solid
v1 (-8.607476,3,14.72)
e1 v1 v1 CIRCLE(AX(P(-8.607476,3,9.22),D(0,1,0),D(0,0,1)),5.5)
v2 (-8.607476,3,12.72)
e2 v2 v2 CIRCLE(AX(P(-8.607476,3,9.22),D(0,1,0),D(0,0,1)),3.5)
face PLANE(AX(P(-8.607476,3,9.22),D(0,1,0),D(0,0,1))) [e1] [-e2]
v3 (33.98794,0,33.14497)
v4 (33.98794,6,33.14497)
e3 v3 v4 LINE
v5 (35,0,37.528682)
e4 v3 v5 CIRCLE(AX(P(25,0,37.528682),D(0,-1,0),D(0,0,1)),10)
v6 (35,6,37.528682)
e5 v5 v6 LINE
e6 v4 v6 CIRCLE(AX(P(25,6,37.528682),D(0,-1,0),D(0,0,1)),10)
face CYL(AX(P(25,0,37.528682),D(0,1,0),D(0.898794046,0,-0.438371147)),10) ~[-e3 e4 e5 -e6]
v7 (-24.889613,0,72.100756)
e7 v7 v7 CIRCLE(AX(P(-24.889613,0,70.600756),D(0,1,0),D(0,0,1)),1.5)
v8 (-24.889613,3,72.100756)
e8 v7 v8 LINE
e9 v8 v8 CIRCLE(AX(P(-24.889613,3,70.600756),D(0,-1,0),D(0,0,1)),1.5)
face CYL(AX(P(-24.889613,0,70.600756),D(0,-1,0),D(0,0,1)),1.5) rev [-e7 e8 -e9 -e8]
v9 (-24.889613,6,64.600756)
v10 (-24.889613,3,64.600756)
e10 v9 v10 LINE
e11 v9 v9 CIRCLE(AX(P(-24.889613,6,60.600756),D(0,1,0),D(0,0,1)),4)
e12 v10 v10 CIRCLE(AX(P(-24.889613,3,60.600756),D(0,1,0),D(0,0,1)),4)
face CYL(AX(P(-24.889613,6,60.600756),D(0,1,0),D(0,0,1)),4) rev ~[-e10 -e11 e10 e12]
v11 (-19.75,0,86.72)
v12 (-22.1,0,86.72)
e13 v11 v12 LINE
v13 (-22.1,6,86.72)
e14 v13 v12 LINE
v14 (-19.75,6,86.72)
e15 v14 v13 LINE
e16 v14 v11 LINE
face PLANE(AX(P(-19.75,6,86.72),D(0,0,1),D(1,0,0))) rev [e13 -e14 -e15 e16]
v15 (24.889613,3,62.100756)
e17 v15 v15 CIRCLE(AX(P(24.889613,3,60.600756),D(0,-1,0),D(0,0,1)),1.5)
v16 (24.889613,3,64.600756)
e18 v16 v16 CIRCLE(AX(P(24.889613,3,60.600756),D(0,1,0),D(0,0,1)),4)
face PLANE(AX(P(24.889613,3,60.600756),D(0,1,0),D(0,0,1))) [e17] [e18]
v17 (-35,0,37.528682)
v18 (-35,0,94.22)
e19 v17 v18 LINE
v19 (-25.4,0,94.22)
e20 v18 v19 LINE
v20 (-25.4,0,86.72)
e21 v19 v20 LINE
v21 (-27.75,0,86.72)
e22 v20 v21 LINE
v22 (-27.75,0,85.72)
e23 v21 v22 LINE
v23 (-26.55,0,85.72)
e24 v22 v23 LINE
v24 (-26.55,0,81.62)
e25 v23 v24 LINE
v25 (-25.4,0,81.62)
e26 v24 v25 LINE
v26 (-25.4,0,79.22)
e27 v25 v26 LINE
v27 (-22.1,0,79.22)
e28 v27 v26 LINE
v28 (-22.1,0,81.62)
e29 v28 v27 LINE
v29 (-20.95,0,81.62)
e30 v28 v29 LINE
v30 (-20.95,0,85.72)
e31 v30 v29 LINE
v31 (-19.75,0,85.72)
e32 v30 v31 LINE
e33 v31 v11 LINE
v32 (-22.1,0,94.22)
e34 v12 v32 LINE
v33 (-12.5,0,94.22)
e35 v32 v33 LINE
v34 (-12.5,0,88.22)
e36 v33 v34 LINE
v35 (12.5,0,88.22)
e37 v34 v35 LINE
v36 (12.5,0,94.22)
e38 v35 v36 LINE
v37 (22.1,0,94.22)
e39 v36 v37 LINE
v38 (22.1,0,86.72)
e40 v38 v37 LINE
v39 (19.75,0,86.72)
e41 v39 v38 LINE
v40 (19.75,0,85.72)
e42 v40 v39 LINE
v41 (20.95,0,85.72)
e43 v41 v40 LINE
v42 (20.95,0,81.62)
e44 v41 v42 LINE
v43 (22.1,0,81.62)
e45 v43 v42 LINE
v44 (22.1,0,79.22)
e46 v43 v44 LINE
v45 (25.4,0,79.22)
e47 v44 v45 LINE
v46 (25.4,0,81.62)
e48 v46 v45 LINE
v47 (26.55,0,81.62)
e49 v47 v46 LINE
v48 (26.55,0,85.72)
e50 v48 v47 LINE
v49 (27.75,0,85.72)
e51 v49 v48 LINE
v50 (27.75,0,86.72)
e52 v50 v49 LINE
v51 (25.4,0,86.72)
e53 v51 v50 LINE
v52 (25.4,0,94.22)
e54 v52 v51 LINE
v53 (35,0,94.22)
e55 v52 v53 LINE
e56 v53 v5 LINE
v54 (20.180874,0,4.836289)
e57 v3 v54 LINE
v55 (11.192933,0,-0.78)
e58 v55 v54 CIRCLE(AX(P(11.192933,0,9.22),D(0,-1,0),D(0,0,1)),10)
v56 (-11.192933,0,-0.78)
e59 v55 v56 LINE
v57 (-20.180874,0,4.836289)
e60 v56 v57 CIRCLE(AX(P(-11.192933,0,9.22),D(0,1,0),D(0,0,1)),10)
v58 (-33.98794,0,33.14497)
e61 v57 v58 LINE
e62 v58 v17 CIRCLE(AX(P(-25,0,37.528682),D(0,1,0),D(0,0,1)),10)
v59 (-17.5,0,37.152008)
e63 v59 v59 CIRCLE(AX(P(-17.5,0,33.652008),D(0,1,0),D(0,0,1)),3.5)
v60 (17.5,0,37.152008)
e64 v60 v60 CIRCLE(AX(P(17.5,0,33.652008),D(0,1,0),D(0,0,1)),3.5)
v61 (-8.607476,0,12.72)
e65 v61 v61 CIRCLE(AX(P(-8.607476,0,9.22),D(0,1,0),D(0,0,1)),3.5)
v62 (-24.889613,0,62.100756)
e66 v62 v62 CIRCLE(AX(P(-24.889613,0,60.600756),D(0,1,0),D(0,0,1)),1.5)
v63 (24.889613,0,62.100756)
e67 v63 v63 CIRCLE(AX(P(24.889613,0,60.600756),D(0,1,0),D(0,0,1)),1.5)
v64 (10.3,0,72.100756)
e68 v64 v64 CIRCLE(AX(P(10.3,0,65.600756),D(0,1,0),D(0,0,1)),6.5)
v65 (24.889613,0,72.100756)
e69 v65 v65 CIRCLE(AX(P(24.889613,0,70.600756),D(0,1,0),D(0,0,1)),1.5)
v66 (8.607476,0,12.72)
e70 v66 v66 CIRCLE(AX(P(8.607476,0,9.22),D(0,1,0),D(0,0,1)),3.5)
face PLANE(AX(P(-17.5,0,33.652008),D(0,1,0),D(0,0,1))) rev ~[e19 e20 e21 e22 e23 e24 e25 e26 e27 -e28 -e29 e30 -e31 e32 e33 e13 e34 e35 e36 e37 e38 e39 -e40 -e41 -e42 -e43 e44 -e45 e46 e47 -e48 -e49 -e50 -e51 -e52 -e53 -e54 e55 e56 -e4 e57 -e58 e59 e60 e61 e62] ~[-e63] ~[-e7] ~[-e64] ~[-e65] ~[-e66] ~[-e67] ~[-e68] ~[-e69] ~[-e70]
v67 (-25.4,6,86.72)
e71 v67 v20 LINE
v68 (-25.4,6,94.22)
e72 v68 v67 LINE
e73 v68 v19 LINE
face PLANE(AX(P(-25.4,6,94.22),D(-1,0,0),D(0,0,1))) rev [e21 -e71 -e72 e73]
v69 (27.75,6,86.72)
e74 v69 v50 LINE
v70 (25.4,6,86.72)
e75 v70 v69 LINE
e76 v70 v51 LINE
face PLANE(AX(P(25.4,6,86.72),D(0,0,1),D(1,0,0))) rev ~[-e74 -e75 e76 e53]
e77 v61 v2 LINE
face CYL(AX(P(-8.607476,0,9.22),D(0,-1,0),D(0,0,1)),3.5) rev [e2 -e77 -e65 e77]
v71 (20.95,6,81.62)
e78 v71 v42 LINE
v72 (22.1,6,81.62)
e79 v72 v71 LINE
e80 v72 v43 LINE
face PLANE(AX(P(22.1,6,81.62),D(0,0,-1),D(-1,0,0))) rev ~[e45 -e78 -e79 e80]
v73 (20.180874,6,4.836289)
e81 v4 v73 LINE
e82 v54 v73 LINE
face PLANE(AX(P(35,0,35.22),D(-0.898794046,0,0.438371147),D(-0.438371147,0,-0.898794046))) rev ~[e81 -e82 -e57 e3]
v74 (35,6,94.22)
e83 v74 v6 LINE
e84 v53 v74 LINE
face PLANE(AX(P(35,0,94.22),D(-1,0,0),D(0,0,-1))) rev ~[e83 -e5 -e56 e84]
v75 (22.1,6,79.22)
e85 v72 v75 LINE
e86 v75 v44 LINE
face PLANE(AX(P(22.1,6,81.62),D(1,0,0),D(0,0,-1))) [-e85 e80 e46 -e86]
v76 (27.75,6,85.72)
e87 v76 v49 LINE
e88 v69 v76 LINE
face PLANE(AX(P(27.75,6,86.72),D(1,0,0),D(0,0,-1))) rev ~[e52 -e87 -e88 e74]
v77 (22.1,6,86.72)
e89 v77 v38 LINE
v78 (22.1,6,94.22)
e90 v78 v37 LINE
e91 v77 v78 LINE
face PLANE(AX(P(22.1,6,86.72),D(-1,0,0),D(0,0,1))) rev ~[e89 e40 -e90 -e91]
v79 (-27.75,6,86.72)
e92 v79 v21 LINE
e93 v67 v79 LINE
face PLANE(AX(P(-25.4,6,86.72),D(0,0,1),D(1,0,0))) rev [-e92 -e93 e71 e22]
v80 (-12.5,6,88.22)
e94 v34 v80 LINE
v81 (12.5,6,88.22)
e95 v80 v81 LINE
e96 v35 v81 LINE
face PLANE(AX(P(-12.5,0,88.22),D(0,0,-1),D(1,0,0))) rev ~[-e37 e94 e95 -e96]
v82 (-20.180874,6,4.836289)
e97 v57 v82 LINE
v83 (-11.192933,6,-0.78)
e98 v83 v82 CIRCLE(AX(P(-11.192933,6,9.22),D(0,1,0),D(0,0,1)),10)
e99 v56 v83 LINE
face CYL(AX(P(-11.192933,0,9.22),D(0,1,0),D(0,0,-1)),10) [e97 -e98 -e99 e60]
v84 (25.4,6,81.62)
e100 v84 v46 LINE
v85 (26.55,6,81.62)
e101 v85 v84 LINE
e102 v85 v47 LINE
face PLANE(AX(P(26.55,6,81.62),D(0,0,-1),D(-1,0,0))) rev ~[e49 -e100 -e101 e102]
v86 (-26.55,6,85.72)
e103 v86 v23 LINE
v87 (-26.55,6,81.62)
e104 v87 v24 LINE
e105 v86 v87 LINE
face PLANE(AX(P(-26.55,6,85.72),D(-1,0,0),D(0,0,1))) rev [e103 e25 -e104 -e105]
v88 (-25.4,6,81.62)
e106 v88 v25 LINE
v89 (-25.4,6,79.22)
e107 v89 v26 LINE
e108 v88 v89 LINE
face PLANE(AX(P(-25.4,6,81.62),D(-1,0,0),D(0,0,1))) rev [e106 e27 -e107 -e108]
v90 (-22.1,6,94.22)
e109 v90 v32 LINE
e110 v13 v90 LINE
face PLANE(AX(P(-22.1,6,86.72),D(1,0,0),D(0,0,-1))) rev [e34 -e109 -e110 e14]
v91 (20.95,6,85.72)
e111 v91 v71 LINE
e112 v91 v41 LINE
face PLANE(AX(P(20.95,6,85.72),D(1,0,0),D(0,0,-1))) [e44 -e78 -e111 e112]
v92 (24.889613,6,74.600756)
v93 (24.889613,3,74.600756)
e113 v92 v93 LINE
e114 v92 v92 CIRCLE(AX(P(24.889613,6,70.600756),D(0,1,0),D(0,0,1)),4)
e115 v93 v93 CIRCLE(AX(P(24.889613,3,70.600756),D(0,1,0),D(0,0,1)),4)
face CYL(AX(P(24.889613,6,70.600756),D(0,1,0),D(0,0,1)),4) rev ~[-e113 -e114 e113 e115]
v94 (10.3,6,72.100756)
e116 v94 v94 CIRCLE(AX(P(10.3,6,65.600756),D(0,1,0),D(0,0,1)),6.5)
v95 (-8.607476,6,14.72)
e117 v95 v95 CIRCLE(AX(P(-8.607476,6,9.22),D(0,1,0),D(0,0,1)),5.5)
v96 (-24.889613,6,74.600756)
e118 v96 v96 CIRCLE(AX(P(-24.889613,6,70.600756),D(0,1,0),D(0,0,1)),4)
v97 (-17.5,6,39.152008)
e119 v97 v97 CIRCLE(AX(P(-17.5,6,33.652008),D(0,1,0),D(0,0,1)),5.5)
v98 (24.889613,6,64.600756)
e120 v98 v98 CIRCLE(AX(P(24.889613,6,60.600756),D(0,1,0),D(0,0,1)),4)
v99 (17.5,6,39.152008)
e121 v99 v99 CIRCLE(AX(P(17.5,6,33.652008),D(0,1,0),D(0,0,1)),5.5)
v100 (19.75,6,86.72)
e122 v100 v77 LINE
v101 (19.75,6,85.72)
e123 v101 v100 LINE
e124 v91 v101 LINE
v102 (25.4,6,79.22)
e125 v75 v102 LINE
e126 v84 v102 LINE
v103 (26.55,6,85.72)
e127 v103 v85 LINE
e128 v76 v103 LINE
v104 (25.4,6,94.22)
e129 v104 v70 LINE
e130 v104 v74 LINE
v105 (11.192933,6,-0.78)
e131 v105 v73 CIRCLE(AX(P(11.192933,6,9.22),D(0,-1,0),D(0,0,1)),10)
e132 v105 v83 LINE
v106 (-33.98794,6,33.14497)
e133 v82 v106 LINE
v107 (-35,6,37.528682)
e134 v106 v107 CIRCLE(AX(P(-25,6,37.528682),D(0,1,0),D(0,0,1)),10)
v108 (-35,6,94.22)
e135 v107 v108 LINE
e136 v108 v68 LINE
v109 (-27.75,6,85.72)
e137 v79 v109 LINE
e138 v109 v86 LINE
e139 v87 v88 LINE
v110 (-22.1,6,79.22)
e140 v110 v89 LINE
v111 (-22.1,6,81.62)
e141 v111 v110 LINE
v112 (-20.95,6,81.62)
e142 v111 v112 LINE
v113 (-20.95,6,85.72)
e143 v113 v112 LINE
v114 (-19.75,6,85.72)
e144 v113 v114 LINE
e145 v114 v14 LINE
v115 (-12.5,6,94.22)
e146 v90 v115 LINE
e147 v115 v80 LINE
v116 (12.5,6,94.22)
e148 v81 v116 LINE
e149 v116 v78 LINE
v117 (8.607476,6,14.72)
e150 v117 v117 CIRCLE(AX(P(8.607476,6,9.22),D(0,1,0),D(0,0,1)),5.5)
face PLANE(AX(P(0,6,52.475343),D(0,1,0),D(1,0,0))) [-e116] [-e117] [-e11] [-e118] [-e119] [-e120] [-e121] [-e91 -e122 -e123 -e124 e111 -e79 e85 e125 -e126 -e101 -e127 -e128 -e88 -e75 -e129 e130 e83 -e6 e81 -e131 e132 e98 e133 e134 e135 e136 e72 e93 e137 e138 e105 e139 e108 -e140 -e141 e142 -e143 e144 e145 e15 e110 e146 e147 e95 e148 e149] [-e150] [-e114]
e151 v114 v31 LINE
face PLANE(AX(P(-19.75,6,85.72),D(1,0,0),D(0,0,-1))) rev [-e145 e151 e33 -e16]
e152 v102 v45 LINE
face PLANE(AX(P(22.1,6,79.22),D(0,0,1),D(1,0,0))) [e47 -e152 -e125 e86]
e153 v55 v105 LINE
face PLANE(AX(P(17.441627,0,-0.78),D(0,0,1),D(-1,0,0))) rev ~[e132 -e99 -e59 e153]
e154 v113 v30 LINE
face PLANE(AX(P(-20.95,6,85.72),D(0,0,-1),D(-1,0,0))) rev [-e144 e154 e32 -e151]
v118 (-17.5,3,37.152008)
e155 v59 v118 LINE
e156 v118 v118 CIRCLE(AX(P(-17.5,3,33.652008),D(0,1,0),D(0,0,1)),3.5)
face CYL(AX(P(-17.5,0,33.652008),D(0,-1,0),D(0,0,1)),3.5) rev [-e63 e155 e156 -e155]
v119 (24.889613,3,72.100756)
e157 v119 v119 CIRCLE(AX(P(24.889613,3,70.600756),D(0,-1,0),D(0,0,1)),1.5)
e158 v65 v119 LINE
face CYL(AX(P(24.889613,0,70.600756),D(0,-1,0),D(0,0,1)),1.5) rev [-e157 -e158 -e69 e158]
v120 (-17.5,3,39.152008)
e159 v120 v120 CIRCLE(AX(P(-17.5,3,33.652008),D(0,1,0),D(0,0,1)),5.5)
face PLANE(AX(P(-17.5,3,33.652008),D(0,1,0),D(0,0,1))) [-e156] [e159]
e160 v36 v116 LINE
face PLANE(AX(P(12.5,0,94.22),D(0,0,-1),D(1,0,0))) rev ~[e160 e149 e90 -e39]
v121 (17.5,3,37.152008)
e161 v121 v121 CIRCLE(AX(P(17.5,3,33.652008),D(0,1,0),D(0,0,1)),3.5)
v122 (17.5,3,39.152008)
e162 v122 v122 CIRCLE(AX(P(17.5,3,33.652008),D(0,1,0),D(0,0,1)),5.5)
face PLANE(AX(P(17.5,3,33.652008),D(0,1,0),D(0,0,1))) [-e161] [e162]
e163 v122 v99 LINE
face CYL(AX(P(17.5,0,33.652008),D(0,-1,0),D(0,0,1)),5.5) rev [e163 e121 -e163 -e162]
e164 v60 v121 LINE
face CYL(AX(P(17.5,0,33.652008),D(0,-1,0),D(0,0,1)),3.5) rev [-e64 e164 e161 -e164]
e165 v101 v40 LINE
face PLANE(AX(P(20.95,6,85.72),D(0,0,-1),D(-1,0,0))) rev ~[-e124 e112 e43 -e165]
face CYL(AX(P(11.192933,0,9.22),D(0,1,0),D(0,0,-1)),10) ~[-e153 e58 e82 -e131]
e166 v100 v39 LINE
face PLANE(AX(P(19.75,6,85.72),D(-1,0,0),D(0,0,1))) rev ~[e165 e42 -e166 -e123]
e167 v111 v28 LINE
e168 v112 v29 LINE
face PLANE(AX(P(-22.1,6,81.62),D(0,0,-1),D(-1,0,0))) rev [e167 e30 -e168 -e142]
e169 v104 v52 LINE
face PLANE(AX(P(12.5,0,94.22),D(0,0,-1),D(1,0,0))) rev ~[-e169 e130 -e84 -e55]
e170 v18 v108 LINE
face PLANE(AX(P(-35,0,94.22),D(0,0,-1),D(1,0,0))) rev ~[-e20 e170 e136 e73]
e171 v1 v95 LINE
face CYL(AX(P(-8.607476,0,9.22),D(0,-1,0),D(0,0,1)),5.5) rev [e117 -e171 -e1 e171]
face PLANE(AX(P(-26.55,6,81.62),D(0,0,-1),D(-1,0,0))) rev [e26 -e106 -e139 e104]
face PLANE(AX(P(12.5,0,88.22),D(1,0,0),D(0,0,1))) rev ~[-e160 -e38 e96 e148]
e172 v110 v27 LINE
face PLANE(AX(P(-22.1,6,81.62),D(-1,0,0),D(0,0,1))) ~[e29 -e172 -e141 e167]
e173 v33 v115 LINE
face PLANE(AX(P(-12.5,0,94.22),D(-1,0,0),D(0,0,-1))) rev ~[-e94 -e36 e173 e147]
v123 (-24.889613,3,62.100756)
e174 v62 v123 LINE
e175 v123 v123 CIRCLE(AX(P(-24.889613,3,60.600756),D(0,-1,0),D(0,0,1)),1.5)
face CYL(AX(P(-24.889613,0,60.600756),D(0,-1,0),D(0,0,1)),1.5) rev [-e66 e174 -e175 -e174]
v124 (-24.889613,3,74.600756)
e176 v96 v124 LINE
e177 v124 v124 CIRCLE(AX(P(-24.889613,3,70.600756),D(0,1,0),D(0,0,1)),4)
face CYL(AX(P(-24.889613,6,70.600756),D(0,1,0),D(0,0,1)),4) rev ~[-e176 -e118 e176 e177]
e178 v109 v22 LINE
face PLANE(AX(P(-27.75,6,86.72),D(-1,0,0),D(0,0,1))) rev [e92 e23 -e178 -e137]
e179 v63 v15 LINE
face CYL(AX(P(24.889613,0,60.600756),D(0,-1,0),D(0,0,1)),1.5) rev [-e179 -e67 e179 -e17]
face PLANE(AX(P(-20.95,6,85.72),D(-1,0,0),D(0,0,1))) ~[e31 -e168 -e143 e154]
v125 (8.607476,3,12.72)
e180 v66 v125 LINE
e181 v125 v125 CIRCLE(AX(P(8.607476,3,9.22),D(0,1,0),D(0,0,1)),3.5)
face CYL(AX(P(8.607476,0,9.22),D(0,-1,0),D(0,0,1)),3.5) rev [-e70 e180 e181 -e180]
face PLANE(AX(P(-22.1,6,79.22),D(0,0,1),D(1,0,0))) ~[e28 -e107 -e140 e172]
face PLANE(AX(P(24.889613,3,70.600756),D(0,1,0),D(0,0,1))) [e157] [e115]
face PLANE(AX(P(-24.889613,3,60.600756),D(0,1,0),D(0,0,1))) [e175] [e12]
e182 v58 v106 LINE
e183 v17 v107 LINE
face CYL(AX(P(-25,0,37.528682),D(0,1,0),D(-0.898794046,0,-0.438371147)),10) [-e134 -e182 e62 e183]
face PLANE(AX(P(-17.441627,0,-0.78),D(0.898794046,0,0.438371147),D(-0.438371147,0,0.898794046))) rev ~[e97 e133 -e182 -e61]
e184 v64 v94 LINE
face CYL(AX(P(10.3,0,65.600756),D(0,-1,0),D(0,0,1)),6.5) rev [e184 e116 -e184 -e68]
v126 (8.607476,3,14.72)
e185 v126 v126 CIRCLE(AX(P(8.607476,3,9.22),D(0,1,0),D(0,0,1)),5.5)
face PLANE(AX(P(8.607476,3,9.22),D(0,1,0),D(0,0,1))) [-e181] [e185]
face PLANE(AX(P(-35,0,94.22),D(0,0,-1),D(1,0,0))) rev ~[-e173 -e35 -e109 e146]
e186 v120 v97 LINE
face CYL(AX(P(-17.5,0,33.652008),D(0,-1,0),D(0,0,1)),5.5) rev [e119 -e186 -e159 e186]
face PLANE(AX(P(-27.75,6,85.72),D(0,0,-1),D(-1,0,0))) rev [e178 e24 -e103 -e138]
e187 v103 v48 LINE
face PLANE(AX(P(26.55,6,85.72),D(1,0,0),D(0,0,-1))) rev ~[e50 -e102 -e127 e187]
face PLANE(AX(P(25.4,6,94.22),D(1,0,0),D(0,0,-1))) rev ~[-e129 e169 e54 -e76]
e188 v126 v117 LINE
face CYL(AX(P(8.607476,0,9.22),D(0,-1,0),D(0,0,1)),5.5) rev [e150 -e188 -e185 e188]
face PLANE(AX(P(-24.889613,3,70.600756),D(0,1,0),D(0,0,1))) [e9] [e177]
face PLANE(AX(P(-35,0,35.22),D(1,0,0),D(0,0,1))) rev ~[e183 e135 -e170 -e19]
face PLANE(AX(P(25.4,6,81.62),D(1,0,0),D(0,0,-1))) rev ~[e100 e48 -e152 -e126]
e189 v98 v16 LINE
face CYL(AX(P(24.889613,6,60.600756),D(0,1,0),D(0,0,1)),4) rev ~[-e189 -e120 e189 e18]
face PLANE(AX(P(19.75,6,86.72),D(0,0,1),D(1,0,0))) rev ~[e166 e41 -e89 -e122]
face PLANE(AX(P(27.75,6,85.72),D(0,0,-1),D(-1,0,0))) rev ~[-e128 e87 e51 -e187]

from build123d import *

# Parameters (mm, degrees)
SKETCH1_R           = 1.5
SKETCH1_R_2         = 6.5
SKETCH1_R_3         = 5.5
BOSS_EXTRUDE1_DEPTH = 6
FILLET1_R           = 10
SKETCH2_R           = 4
CUT_EXTRUDE1_DEPTH  = 3
SKETCH1_3_R         = 5.5
SKETCH1_3_R_2       = 3.5
BOSS_EXTRUDE2_DEPTH = 3
CUT_EXTRUDE2_DEPTH  = 10


with BuildPart() as part:
    # Sketch1 → Boss-Extrude1 (new body)
    with BuildSketch(Plane(origin=(0, 0, 0), x_dir=(1, 0, 0), z_dir=(0, 1, 0))):
        Polygon((17.441626812, 0.78), (-17.441626812, 0.78), (-35, -35.22), (-35, -94.22), (-12.5, -94.22), (-12.5, -88.22), (12.5, -88.22), (12.5, -94.22), (35, -94.22), (35, -35.22), align=None)
        with Locations((-24.889613301, -70.60075616)):
            Circle(SKETCH1_R, mode=Mode.SUBTRACT)
        with Locations((-24.889613301, -60.60075616)):
            Circle(SKETCH1_R, mode=Mode.SUBTRACT)
        with Locations((24.889613301, -70.60075616)):
            Circle(SKETCH1_R, mode=Mode.SUBTRACT)
        with Locations((10.3, -65.60075616)):
            Circle(SKETCH1_R_2, mode=Mode.SUBTRACT)
        with Locations((24.889613301, -60.60075616)):
            Circle(SKETCH1_R, mode=Mode.SUBTRACT)
        with Locations((-17.5, -33.65200814)):
            Circle(SKETCH1_R_3, mode=Mode.SUBTRACT)
        with Locations((-8.607476274, -9.22)):
            Circle(SKETCH1_R_3, mode=Mode.SUBTRACT)
        with Locations((17.5, -33.65200814)):
            Circle(SKETCH1_R_3, mode=Mode.SUBTRACT)
        with Locations((8.607476274, -9.22)):
            Circle(SKETCH1_R_3, mode=Mode.SUBTRACT)
    extrude(amount=BOSS_EXTRUDE1_DEPTH)

    # Fillet1
    fillet1_edges = [part.edges().sort_by_distance(p)[0] for p in [
        (35, 3, 35.22),
        (17.441626812, 3, -0.78),
        (-17.441626812, 3, -0.78),
        (-35, 3, 35.22),
    ]]
    fillet(fillet1_edges, radius=FILLET1_R)

    # Sketch2 → Cut-Extrude1 (cut)
    with BuildSketch(Plane(origin=(0, 6, 0), x_dir=(1, 0, 0), z_dir=(0, 1, 0))):
        with Locations((24.889613301, -60.60075616)):
            Circle(SKETCH2_R)
        with Locations((24.889613301, -70.60075616)):
            Circle(SKETCH2_R)
        with Locations((-24.889613301, -60.60075616)):
            Circle(SKETCH2_R)
        with Locations((-24.889613301, -70.60075616)):
            Circle(SKETCH2_R)
    extrude(amount=-CUT_EXTRUDE1_DEPTH, mode=Mode.SUBTRACT)

    # Sketch1<3> → Boss-Extrude2 (add)
    # profile 1 of 4: a face of its own
    with BuildSketch(Plane(origin=(0, 0, 0), x_dir=(1, 0, 0), z_dir=(0, 1, 0))):
        with Locations((8.607476274, -9.22)):
            Circle(SKETCH1_3_R)
        with Locations((8.607476274, -9.22)):
            Circle(SKETCH1_3_R_2, mode=Mode.SUBTRACT)
    # profile 2 of 4: a face of its own
    with BuildSketch(Plane(origin=(0, 0, 0), x_dir=(1, 0, 0), z_dir=(0, 1, 0))):
        with Locations((-8.607476274, -9.22)):
            Circle(SKETCH1_3_R)
        with Locations((-8.607476274, -9.22)):
            Circle(SKETCH1_3_R_2, mode=Mode.SUBTRACT)
    # profile 3 of 4: a face of its own
    with BuildSketch(Plane(origin=(0, 0, 0), x_dir=(1, 0, 0), z_dir=(0, 1, 0))):
        with Locations((-17.5, -33.65200814)):
            Circle(SKETCH1_3_R)
        with Locations((-17.5, -33.65200814)):
            Circle(SKETCH1_3_R_2, mode=Mode.SUBTRACT)
    # profile 4 of 4: a face of its own
    with BuildSketch(Plane(origin=(0, 0, 0), x_dir=(1, 0, 0), z_dir=(0, 1, 0))):
        with Locations((17.5, -33.65200814)):
            Circle(SKETCH1_3_R)
        with Locations((17.5, -33.65200814)):
            Circle(SKETCH1_3_R_2, mode=Mode.SUBTRACT)
    extrude(amount=BOSS_EXTRUDE2_DEPTH)

    # Sketch3 → Cut-Extrude2 (cut)
    with BuildSketch(Plane(origin=(0, 6, 0), x_dir=(1, 0, 0), z_dir=(0, 1, 0))):
        Polygon((22.1, -81.62), (20.95, -81.62), (20.95, -85.72), (19.75, -85.72), (19.75, -86.72), (22.1, -86.72), (22.1, -94.22), (25.4, -94.22), (25.4, -86.72), (27.75, -86.72), (27.75, -85.72), (26.55, -85.72), (26.55, -81.62), (25.4, -81.62), (25.4, -79.22), (22.1, -79.22), align=None)
    cut_extrude2 = extrude(amount=-CUT_EXTRUDE2_DEPTH, mode=Mode.SUBTRACT)

    # Mirror1: Cut-Extrude2 across plane
    add(cut_extrude2.mirror(Plane(origin=(0, 0, 0), x_dir=(0, 0, 1), z_dir=(1, 0, 0))), mode=Mode.SUBTRACT)


solid = part.part
